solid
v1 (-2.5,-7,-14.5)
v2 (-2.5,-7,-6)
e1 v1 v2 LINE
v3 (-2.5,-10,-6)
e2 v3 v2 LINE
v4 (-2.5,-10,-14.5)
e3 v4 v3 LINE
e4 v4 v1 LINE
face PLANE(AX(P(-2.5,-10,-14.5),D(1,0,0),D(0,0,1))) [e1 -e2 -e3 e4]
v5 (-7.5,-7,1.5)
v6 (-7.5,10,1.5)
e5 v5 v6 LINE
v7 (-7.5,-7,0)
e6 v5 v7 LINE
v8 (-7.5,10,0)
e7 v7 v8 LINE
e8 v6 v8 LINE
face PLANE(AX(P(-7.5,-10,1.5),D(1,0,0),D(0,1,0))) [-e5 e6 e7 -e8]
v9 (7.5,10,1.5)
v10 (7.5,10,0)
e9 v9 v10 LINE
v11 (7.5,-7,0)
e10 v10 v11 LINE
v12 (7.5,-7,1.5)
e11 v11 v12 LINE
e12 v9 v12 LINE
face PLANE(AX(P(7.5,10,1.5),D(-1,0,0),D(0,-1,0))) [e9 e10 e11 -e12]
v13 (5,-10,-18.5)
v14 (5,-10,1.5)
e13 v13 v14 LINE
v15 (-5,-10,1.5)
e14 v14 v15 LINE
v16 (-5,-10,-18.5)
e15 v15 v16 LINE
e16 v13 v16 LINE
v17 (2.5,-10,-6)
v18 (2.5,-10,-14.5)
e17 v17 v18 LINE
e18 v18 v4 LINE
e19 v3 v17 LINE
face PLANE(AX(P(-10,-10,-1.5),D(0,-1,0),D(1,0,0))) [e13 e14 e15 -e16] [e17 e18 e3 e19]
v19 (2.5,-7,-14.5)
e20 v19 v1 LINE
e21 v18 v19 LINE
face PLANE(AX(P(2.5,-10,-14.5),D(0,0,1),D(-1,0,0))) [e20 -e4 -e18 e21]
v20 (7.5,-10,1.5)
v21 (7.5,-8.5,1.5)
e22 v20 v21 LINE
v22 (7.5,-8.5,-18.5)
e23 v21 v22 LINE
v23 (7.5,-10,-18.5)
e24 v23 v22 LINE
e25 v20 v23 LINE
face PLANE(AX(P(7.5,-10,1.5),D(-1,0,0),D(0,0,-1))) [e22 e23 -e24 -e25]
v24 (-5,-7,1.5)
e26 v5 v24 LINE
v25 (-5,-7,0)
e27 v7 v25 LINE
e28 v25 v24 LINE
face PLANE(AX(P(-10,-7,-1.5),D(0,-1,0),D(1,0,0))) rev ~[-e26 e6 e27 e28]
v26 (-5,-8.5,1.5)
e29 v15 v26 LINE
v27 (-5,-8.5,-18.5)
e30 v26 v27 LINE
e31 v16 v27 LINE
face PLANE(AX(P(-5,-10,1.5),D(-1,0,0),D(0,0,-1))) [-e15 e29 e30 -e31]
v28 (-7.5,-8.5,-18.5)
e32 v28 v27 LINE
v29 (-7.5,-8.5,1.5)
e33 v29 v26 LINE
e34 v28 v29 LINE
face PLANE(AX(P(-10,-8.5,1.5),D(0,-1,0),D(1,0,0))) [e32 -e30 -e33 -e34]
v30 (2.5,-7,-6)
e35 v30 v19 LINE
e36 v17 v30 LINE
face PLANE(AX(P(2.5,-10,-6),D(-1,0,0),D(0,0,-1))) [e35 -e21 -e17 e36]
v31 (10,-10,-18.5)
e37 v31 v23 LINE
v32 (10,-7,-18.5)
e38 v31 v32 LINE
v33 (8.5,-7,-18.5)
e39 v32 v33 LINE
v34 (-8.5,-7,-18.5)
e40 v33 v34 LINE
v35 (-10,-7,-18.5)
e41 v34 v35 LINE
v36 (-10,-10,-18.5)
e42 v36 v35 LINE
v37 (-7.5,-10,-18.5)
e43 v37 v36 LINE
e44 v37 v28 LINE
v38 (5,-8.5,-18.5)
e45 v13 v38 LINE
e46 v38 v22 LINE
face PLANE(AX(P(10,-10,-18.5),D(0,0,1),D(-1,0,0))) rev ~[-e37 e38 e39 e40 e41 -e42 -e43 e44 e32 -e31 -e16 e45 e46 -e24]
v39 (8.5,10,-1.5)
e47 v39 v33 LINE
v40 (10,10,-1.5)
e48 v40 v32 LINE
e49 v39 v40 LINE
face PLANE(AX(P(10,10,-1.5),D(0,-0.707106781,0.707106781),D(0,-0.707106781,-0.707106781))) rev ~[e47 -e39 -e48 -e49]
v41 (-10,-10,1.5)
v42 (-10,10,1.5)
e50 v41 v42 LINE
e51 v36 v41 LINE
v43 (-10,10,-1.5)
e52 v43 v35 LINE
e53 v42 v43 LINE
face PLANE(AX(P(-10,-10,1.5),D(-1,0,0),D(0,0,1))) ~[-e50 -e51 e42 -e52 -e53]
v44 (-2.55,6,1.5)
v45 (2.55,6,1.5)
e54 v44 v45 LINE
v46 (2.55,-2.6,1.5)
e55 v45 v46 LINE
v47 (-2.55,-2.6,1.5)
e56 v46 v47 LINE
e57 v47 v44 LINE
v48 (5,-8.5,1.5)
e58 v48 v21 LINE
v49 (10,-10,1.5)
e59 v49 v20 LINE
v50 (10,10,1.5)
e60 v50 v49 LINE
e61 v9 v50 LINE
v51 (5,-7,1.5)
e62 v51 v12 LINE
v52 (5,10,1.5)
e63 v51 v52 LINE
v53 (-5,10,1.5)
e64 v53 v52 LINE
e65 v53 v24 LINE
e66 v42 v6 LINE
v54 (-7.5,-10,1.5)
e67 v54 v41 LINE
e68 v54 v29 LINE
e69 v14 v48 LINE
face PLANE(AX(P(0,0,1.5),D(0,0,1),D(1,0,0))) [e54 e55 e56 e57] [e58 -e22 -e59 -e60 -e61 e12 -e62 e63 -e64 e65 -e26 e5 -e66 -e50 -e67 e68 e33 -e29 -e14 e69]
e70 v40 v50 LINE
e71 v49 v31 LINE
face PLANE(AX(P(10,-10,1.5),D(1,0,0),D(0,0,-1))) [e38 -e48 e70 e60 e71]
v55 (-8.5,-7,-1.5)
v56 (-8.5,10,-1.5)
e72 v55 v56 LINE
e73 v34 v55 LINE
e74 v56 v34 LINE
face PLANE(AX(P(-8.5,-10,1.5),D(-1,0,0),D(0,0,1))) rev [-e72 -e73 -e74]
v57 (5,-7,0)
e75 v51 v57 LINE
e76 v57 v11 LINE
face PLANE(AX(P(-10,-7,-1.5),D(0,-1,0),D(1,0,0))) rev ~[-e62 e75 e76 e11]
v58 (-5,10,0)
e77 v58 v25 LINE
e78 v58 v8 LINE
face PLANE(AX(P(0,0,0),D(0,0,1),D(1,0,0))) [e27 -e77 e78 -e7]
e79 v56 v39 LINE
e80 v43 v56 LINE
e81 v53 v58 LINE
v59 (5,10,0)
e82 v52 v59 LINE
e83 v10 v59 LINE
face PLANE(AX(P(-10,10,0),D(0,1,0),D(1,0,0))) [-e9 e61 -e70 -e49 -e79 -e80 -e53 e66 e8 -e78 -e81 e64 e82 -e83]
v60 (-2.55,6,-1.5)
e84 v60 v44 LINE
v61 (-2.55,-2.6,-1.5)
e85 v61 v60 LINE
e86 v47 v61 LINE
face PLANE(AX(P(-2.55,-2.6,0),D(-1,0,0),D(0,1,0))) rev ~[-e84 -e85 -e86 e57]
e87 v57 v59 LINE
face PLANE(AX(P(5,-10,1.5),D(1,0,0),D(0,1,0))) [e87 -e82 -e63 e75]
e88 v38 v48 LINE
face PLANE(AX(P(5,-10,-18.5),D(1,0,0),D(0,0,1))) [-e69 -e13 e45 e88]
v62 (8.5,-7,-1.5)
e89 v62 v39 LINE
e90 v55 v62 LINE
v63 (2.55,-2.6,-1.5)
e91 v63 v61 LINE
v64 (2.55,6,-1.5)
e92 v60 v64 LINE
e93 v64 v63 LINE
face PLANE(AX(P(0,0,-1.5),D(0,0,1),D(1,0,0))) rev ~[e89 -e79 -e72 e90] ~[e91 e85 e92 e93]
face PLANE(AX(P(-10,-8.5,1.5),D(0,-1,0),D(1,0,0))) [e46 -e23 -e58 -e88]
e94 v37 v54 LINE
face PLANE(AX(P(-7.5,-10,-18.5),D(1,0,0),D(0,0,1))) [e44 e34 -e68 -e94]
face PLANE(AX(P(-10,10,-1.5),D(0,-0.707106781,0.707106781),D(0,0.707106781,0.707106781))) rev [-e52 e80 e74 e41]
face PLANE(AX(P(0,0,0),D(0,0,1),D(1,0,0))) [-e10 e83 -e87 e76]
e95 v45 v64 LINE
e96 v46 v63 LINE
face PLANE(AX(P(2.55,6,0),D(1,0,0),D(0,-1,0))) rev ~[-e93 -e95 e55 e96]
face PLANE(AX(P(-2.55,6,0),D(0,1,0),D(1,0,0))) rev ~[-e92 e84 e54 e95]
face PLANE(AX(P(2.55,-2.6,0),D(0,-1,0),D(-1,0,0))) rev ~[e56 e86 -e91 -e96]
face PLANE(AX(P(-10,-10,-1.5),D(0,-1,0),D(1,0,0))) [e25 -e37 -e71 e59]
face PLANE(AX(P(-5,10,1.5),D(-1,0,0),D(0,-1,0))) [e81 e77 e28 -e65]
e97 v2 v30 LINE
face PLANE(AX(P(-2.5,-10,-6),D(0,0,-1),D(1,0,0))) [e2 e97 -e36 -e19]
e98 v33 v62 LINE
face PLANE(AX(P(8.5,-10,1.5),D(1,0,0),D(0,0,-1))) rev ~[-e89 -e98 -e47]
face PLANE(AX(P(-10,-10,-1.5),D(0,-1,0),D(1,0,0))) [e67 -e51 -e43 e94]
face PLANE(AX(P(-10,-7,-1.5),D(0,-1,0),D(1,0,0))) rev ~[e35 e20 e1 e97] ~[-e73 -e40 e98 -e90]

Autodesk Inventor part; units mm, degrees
sketch "Boceto1" plane through (0, 0, 0) normal (0, 0, 1) x (1, 0, 0)
  line L0 (10, -10) -> (-10, -10)
  line L1 (-10, -10) -> (-10, 10)
  line L2 (-10, 10) -> (10, 10)
  line L3 (10, 10) -> (10, -10)
  line L4 (10, -10) -> (-10, 10) construction
  line L5 (-10, -10) -> (10, 10) construction
  line L6 (2.55, 6) -> (-2.55, 6) construction
  line L7 (-2.55, 6) -> (2.55, 6)
  line L8 (2.55, 6) -> (2.55, -2.6)
  line L9 (2.55, -2.6) -> (-2.55, -2.6)
  line L10 (-2.55, -2.6) -> (-2.55, 6)
  point P0 (0, 0)
  point P1 (0, 6)
  dimension "d0" = 20
  dimension "d1" = 4
  dimension "d2" = 5.1
  dimension "d3" = 8.6
extrude "Extrusión1" add sketch "Boceto1" along normal mid plane 3
sketch "Boceto2" plane through (0, 0, 1.5) normal (0, 0, 1) x (1, 0, 0)
  line L0 (10, 10) -> (-10, 10) projected
  line L1 (-10, -10) -> (10, -10) projected
  line L2 (-7.5, 10) -> (-5, 10)
  line L3 (-5, 10) -> (-5, -10)
  line L4 (-5, -10) -> (-7.5, -10)
  line L5 (-7.5, -10) -> (-7.5, 10)
  line L6 (5, 10) -> (7.5, 10)
  line L7 (7.5, 10) -> (7.5, -10)
  line L8 (7.5, -10) -> (5, -10)
  line L9 (5, -10) -> (5, 10)
  line L10 (0, -14) -> (0, 14) projected
  point P0 (0, 0)
  point P1 (-5, 10)
  point P2 (5, -10)
  dimension "d6" = 2.5
  dimension "d7" = 5
extrude "Extrusión2" cut sketch "Boceto2" against normal blind 1.5 contours L7 L1 L9 L0 | L3 L1 L5 L0
sketch "Boceto5" plane through (-10, -10, -1.5) normal (0, -1, 0) x (1, 0, 0)
  line L0 (20, -17) -> (0, -17)
  line L1 (0, -17) -> (0, 3)
  line L2 (0, 3) -> (20, 3)
  line L3 (20, 3) -> (20, -17)
  line L4 (20, -17) -> (0, 3) construction
  line L5 (0, -17) -> (20, 3) construction
  line L6 (12.5, -4.5) -> (7.5, -4.5) construction
  line L7 (7.5, -4.5) -> (12.5, -4.5)
  line L8 (12.5, -4.5) -> (12.5, -13)
  line L9 (12.5, -13) -> (7.5, -13)
  line L10 (7.5, -13) -> (7.5, -4.5)
  point P0 (10, 1.5)
  point P1 (10, -7)
  point P2 (10, -4.5)
  dimension "d12" = 20
  dimension "d14" = 5
  dimension "d15" = 8.5
  dimension "d16" = 4
extrude "Extrusión3" add sketch "Boceto5" against normal blind 3
sketch "Boceto6" plane through (-10, -10, 1.5) normal (0, -1, 0) x (1, 0, 0)
  line L0 (0, -20) -> (20, -20) projected
  line L1 (15, 0) -> (5, 0) projected
  line L2 (17.5, -20) -> (15, -20)
  line L3 (15, -20) -> (15, 0)
  line L4 (15, 0) -> (17.5, 0)
  line L5 (17.5, 0) -> (17.5, -20)
  line L6 (7.5, -7.5) -> (12.5, -7.5) projected
  line L7 (2.5, 0) -> (5, 0) projected
  line L8 (5, -20) -> (2.5, -20)
  line L9 (2.5, -20) -> (2.5, 0)
  line L10 (2.5, 0) -> (5, 0)
  line L11 (5, 0) -> (5, -20)
  line L12 (10, -24) -> (10, 4) projected
  point P0 (10, -1.5)
  point P1 (10, -7.5)
  point P2 (10, -7.5)
  point P3 (2.5, -20)
  dimension "d19" = 2.5
  dimension "d20" = 5
extrude "Extrusión4" cut sketch "Boceto6" against normal blind 1.5 contours L9 L7 L11 L0 | L3 L4 L5 L0
sketch "Boceto7" plane through (10, -10, 1.5) normal (1, 0, 0) x (0, 0, -1)
  line L0 (0, 20) -> (3, 20) projected
  line L1 (20, 0) -> (20, 3) projected
  line L2 (3, 20) -> (20, 3)
  line L3 (20, 3) -> (3, 3)
  line L4 (3, 3) -> (3, 20)
  point P0 (1.5, 10)
extrude "Extrusión5" add sketch "Boceto7" against normal blind 1.5
mirror "Simetría1" about plane through (0, 0, 0) normal (1, 0, 0) of "Extrusión5"
properties part number "Soporte_2020_0001"
